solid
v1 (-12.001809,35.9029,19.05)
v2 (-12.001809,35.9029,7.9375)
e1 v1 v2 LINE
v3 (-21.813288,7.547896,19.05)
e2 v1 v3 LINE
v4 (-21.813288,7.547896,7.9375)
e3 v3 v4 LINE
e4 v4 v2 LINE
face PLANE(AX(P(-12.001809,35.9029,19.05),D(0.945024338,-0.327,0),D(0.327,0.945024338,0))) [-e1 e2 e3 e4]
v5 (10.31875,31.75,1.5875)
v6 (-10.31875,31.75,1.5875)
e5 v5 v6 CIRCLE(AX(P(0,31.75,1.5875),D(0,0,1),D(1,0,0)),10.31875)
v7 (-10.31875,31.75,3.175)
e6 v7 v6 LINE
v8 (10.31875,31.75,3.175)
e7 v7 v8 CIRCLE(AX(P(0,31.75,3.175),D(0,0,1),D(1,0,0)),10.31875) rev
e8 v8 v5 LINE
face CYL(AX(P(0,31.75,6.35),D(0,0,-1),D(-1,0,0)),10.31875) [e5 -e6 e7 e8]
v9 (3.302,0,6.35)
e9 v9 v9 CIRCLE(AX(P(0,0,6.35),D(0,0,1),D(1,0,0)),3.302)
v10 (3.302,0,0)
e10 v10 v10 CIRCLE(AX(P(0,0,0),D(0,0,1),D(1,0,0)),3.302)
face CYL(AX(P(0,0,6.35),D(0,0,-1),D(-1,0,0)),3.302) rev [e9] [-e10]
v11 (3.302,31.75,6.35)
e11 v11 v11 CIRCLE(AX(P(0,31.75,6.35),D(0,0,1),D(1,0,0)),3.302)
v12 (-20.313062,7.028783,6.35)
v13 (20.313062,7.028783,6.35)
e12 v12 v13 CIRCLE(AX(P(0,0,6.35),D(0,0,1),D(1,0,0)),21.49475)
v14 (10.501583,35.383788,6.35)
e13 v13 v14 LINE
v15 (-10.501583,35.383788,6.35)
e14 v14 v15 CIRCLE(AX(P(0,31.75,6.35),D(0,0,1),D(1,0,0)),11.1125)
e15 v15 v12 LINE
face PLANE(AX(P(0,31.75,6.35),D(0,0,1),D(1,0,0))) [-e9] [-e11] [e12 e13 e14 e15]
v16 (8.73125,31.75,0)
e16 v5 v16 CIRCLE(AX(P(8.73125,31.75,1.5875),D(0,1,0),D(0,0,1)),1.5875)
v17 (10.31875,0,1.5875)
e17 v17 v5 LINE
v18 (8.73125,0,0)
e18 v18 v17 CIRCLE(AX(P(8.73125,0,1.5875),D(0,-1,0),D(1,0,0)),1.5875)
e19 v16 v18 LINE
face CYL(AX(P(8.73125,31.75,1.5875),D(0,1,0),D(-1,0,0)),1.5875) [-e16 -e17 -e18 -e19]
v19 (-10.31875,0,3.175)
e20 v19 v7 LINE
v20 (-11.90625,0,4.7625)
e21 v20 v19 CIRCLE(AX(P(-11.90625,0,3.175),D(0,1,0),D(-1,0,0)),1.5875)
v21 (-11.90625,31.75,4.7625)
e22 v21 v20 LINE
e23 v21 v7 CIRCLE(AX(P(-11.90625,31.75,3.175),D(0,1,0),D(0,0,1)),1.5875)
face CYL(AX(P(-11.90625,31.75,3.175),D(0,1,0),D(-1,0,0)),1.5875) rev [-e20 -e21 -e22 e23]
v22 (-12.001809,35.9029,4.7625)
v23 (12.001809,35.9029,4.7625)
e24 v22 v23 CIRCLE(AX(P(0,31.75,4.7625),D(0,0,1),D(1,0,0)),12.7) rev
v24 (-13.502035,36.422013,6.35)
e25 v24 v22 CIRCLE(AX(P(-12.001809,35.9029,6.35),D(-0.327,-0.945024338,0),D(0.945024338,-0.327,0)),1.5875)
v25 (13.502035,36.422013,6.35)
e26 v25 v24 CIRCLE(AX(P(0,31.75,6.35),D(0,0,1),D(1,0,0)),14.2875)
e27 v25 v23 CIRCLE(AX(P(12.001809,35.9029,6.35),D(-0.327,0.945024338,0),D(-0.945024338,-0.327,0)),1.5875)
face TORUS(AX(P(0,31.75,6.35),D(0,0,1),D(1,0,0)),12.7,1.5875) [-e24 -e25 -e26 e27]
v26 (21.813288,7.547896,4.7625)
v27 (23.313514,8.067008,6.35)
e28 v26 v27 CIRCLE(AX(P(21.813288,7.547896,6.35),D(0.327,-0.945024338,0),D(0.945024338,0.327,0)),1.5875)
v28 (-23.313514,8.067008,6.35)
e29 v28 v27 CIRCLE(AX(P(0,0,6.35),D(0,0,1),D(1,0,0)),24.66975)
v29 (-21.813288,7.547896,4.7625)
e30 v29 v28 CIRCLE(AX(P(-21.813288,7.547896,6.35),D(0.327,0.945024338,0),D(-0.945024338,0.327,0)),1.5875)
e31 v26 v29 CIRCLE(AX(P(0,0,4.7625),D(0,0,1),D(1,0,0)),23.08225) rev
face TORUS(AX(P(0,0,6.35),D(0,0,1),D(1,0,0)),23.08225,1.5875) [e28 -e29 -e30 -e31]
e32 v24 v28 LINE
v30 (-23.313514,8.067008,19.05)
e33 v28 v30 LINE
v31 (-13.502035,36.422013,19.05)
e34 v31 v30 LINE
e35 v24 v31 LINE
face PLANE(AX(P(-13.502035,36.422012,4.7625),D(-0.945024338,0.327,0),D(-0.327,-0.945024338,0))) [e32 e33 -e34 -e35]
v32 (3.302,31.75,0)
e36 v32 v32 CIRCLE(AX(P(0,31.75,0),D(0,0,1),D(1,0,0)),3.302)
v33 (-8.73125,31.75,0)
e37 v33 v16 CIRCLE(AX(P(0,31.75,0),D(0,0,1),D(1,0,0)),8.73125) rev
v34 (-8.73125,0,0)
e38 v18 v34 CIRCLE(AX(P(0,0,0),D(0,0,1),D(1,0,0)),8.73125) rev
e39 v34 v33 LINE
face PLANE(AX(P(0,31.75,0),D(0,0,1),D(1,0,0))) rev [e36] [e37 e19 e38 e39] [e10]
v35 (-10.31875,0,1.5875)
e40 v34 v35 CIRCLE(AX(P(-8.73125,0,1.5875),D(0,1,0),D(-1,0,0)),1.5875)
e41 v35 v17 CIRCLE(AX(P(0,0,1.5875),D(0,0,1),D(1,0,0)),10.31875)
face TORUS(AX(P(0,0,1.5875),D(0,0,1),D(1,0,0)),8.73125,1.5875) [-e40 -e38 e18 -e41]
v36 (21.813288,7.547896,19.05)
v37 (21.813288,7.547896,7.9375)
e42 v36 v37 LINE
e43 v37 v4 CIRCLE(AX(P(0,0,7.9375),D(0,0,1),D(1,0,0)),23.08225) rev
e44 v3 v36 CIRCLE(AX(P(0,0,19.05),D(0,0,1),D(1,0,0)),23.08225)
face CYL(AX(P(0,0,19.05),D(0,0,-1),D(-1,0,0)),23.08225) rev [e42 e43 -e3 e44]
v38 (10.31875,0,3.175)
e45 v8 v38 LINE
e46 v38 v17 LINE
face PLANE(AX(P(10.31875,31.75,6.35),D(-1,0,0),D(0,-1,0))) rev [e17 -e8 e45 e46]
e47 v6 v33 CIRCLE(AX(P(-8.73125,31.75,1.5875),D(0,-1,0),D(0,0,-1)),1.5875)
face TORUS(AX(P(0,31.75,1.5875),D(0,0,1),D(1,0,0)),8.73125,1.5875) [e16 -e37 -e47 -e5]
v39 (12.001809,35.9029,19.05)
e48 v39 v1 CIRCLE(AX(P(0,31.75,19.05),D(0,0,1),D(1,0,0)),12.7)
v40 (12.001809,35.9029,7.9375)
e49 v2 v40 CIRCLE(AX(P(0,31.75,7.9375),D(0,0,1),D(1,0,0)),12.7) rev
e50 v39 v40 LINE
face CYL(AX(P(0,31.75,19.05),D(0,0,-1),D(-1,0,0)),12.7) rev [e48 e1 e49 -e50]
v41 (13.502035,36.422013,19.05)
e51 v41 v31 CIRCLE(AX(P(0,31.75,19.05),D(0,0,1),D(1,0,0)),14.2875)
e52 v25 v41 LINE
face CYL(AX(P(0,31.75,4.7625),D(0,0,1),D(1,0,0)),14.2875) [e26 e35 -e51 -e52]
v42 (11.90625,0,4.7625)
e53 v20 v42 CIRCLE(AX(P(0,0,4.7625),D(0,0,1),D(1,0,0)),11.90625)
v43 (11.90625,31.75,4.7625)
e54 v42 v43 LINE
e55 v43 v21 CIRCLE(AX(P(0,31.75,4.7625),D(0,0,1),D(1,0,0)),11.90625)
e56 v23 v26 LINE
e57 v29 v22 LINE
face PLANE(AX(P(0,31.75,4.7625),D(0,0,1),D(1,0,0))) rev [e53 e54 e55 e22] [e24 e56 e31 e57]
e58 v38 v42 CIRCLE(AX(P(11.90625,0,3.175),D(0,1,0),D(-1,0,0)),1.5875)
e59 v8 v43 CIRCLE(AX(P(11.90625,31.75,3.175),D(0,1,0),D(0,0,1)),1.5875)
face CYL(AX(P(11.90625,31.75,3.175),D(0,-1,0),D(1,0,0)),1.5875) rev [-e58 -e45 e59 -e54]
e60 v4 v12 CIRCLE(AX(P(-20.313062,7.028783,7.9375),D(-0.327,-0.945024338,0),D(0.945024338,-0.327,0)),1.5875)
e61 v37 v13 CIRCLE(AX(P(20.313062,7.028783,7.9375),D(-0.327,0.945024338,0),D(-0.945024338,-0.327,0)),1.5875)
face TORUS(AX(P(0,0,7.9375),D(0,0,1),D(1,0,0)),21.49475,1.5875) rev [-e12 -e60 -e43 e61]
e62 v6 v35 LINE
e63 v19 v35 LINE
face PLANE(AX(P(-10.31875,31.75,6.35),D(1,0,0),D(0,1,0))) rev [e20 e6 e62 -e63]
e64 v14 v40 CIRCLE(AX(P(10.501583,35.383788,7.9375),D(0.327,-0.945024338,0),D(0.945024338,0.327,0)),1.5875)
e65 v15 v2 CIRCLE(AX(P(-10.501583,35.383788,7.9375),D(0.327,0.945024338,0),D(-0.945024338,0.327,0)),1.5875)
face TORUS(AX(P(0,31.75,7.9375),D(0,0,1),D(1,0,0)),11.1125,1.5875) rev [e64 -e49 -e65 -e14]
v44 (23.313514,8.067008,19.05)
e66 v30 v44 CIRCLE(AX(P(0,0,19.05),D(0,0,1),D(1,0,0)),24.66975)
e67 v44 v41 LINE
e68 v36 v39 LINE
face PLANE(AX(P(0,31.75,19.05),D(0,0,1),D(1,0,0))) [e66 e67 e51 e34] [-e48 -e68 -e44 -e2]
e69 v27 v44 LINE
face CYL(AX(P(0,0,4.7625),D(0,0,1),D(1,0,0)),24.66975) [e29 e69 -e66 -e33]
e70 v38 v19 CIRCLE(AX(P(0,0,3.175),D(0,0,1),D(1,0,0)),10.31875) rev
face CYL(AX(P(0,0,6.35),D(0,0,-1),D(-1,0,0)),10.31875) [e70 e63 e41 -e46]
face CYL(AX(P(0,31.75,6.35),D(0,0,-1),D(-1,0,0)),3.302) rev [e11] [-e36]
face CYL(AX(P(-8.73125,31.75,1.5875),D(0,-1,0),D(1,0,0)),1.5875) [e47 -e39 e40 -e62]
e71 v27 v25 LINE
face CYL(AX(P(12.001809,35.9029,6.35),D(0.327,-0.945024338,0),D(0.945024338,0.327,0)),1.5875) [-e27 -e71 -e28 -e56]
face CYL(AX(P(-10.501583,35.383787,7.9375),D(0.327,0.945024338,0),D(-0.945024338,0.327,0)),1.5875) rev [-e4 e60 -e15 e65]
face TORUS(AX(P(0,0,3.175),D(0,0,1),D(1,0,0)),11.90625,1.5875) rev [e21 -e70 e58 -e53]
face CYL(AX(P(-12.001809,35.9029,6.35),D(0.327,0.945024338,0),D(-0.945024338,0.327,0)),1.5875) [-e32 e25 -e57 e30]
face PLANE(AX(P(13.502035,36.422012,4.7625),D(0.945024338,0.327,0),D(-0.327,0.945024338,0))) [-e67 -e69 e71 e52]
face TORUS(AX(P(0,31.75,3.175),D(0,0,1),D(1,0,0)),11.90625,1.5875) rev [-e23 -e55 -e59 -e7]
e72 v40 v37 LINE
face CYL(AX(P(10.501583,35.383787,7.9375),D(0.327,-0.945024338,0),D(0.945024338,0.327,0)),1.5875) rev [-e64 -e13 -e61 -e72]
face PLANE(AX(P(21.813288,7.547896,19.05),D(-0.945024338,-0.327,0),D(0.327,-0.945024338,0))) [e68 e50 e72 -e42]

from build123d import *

# Parameters (mm, degrees)
SKETCH1_R           = 3.302
BOSS_EXTRUDE1_DEPTH = 6.35
BOSS_EXTRUDE2_START = -6.35
SKETCH2_R           = 3.302
BOSS_EXTRUDE2_DEPTH = 1.5875
BOSS_EXTRUDE3_DEPTH = 12.7
FILLET1_R           = 1.5875
FILLET2_R           = 1.5875


with BuildPart() as part:
    # Sketch1 → Boss-Extrude1 (new body)
    with BuildSketch(Plane.XY):
        with BuildLine():
            Line((10.31875, 31.75), (10.31875, 0))
            ThreePointArc((10.31875, 0), (0, -10.31875), (-10.31875, 0))
            Line((-10.31875, 0), (-10.31875, 31.75))
            ThreePointArc((-10.31875, 31.75), (0, 42.06875), (10.31875, 31.75))
        make_face()
        Circle(SKETCH1_R, mode=Mode.SUBTRACT)
        with Locations((0, 31.75)):
            Circle(SKETCH1_R, mode=Mode.SUBTRACT)
    extrude(amount=BOSS_EXTRUDE1_DEPTH)

    # Sketch2 → Boss-Extrude2 (add)
    with BuildSketch(Plane(origin=(0, 0, 0), x_dir=(-1, 0, 0), z_dir=(0, 0, -1)).offset(BOSS_EXTRUDE2_START)):
        with BuildLine():
            Line((-23.31351417, 8.06700825), (-13.502035234, 36.4220125))
            ThreePointArc((-13.502035234, 36.4220125), (0, 46.0375), (13.502035234, 36.4220125))
            Line((13.502035234, 36.4220125), (23.31351417, 8.06700825))
            ThreePointArc((23.31351417, 8.06700825), (0, -24.66975), (-23.31351417, 8.06700825))
        make_face()
        Circle(SKETCH2_R, mode=Mode.SUBTRACT)
        with Locations((0, 31.75)):
            Circle(SKETCH2_R, mode=Mode.SUBTRACT)
    extrude(amount=BOSS_EXTRUDE2_DEPTH)

    # Sketch3 → Boss-Extrude3 (add)
    with BuildSketch(Plane.XY.offset(6.35)):
        with BuildLine():
            Line((-13.502035234, 36.4220125), (-23.31351417, 8.06700825))
            ThreePointArc((-23.31351417, 8.06700825), (0, -24.66975), (23.31351417, 8.06700825))
            Line((23.31351417, 8.06700825), (13.502035234, 36.4220125))
            ThreePointArc((13.502035234, 36.4220125), (0, 46.0375), (-13.502035234, 36.4220125))
        make_face()
        with BuildLine():
            Line((21.813288033, 7.54789575), (12.001809097, 35.9029))
            ThreePointArc((12.001809097, 35.9029), (0, 44.45), (-12.001809097, 35.9029))
            Line((-12.001809097, 35.9029), (-21.813288033, 7.54789575))
            ThreePointArc((-21.813288033, 7.54789575), (0, -23.08225), (21.813288033, 7.54789575))
        make_face(mode=Mode.SUBTRACT)
    extrude(amount=BOSS_EXTRUDE3_DEPTH)

    # Fillet1
    fillet1_edges = [part.edges().sort_by_distance(p)[0] for p in [
        (10.31875, 15.875, 4.7625),
        (0, 42.06875, 4.7625),
        (-10.31875, 15.875, 4.7625),
        (0, -10.31875, 4.7625),
        (0, 46.0375, 4.7625),
        (18.407774702, 22.244510375, 4.7625),
        (0, -24.66975, 4.7625),
        (-18.407774702, 22.244510375, 4.7625),
        (0, -23.08225, 6.35),
        (16.907548565, 21.725397875, 6.35),
        (0, 44.45, 6.35),
        (-16.907548565, 21.725397875, 6.35),
    ]]
    fillet(fillet1_edges, radius=FILLET1_R)

    # Fillet2
    fillet2_edges = [part.edges().sort_by_distance(p)[0] for p in [
        (10.31875, 15.875, 0),
        (0, -10.31875, 0),
        (-10.31875, 15.875, 0),
        (0, 42.06875, 0),
    ]]
    fillet(fillet2_edges, radius=FILLET2_R)


solid = part.part
